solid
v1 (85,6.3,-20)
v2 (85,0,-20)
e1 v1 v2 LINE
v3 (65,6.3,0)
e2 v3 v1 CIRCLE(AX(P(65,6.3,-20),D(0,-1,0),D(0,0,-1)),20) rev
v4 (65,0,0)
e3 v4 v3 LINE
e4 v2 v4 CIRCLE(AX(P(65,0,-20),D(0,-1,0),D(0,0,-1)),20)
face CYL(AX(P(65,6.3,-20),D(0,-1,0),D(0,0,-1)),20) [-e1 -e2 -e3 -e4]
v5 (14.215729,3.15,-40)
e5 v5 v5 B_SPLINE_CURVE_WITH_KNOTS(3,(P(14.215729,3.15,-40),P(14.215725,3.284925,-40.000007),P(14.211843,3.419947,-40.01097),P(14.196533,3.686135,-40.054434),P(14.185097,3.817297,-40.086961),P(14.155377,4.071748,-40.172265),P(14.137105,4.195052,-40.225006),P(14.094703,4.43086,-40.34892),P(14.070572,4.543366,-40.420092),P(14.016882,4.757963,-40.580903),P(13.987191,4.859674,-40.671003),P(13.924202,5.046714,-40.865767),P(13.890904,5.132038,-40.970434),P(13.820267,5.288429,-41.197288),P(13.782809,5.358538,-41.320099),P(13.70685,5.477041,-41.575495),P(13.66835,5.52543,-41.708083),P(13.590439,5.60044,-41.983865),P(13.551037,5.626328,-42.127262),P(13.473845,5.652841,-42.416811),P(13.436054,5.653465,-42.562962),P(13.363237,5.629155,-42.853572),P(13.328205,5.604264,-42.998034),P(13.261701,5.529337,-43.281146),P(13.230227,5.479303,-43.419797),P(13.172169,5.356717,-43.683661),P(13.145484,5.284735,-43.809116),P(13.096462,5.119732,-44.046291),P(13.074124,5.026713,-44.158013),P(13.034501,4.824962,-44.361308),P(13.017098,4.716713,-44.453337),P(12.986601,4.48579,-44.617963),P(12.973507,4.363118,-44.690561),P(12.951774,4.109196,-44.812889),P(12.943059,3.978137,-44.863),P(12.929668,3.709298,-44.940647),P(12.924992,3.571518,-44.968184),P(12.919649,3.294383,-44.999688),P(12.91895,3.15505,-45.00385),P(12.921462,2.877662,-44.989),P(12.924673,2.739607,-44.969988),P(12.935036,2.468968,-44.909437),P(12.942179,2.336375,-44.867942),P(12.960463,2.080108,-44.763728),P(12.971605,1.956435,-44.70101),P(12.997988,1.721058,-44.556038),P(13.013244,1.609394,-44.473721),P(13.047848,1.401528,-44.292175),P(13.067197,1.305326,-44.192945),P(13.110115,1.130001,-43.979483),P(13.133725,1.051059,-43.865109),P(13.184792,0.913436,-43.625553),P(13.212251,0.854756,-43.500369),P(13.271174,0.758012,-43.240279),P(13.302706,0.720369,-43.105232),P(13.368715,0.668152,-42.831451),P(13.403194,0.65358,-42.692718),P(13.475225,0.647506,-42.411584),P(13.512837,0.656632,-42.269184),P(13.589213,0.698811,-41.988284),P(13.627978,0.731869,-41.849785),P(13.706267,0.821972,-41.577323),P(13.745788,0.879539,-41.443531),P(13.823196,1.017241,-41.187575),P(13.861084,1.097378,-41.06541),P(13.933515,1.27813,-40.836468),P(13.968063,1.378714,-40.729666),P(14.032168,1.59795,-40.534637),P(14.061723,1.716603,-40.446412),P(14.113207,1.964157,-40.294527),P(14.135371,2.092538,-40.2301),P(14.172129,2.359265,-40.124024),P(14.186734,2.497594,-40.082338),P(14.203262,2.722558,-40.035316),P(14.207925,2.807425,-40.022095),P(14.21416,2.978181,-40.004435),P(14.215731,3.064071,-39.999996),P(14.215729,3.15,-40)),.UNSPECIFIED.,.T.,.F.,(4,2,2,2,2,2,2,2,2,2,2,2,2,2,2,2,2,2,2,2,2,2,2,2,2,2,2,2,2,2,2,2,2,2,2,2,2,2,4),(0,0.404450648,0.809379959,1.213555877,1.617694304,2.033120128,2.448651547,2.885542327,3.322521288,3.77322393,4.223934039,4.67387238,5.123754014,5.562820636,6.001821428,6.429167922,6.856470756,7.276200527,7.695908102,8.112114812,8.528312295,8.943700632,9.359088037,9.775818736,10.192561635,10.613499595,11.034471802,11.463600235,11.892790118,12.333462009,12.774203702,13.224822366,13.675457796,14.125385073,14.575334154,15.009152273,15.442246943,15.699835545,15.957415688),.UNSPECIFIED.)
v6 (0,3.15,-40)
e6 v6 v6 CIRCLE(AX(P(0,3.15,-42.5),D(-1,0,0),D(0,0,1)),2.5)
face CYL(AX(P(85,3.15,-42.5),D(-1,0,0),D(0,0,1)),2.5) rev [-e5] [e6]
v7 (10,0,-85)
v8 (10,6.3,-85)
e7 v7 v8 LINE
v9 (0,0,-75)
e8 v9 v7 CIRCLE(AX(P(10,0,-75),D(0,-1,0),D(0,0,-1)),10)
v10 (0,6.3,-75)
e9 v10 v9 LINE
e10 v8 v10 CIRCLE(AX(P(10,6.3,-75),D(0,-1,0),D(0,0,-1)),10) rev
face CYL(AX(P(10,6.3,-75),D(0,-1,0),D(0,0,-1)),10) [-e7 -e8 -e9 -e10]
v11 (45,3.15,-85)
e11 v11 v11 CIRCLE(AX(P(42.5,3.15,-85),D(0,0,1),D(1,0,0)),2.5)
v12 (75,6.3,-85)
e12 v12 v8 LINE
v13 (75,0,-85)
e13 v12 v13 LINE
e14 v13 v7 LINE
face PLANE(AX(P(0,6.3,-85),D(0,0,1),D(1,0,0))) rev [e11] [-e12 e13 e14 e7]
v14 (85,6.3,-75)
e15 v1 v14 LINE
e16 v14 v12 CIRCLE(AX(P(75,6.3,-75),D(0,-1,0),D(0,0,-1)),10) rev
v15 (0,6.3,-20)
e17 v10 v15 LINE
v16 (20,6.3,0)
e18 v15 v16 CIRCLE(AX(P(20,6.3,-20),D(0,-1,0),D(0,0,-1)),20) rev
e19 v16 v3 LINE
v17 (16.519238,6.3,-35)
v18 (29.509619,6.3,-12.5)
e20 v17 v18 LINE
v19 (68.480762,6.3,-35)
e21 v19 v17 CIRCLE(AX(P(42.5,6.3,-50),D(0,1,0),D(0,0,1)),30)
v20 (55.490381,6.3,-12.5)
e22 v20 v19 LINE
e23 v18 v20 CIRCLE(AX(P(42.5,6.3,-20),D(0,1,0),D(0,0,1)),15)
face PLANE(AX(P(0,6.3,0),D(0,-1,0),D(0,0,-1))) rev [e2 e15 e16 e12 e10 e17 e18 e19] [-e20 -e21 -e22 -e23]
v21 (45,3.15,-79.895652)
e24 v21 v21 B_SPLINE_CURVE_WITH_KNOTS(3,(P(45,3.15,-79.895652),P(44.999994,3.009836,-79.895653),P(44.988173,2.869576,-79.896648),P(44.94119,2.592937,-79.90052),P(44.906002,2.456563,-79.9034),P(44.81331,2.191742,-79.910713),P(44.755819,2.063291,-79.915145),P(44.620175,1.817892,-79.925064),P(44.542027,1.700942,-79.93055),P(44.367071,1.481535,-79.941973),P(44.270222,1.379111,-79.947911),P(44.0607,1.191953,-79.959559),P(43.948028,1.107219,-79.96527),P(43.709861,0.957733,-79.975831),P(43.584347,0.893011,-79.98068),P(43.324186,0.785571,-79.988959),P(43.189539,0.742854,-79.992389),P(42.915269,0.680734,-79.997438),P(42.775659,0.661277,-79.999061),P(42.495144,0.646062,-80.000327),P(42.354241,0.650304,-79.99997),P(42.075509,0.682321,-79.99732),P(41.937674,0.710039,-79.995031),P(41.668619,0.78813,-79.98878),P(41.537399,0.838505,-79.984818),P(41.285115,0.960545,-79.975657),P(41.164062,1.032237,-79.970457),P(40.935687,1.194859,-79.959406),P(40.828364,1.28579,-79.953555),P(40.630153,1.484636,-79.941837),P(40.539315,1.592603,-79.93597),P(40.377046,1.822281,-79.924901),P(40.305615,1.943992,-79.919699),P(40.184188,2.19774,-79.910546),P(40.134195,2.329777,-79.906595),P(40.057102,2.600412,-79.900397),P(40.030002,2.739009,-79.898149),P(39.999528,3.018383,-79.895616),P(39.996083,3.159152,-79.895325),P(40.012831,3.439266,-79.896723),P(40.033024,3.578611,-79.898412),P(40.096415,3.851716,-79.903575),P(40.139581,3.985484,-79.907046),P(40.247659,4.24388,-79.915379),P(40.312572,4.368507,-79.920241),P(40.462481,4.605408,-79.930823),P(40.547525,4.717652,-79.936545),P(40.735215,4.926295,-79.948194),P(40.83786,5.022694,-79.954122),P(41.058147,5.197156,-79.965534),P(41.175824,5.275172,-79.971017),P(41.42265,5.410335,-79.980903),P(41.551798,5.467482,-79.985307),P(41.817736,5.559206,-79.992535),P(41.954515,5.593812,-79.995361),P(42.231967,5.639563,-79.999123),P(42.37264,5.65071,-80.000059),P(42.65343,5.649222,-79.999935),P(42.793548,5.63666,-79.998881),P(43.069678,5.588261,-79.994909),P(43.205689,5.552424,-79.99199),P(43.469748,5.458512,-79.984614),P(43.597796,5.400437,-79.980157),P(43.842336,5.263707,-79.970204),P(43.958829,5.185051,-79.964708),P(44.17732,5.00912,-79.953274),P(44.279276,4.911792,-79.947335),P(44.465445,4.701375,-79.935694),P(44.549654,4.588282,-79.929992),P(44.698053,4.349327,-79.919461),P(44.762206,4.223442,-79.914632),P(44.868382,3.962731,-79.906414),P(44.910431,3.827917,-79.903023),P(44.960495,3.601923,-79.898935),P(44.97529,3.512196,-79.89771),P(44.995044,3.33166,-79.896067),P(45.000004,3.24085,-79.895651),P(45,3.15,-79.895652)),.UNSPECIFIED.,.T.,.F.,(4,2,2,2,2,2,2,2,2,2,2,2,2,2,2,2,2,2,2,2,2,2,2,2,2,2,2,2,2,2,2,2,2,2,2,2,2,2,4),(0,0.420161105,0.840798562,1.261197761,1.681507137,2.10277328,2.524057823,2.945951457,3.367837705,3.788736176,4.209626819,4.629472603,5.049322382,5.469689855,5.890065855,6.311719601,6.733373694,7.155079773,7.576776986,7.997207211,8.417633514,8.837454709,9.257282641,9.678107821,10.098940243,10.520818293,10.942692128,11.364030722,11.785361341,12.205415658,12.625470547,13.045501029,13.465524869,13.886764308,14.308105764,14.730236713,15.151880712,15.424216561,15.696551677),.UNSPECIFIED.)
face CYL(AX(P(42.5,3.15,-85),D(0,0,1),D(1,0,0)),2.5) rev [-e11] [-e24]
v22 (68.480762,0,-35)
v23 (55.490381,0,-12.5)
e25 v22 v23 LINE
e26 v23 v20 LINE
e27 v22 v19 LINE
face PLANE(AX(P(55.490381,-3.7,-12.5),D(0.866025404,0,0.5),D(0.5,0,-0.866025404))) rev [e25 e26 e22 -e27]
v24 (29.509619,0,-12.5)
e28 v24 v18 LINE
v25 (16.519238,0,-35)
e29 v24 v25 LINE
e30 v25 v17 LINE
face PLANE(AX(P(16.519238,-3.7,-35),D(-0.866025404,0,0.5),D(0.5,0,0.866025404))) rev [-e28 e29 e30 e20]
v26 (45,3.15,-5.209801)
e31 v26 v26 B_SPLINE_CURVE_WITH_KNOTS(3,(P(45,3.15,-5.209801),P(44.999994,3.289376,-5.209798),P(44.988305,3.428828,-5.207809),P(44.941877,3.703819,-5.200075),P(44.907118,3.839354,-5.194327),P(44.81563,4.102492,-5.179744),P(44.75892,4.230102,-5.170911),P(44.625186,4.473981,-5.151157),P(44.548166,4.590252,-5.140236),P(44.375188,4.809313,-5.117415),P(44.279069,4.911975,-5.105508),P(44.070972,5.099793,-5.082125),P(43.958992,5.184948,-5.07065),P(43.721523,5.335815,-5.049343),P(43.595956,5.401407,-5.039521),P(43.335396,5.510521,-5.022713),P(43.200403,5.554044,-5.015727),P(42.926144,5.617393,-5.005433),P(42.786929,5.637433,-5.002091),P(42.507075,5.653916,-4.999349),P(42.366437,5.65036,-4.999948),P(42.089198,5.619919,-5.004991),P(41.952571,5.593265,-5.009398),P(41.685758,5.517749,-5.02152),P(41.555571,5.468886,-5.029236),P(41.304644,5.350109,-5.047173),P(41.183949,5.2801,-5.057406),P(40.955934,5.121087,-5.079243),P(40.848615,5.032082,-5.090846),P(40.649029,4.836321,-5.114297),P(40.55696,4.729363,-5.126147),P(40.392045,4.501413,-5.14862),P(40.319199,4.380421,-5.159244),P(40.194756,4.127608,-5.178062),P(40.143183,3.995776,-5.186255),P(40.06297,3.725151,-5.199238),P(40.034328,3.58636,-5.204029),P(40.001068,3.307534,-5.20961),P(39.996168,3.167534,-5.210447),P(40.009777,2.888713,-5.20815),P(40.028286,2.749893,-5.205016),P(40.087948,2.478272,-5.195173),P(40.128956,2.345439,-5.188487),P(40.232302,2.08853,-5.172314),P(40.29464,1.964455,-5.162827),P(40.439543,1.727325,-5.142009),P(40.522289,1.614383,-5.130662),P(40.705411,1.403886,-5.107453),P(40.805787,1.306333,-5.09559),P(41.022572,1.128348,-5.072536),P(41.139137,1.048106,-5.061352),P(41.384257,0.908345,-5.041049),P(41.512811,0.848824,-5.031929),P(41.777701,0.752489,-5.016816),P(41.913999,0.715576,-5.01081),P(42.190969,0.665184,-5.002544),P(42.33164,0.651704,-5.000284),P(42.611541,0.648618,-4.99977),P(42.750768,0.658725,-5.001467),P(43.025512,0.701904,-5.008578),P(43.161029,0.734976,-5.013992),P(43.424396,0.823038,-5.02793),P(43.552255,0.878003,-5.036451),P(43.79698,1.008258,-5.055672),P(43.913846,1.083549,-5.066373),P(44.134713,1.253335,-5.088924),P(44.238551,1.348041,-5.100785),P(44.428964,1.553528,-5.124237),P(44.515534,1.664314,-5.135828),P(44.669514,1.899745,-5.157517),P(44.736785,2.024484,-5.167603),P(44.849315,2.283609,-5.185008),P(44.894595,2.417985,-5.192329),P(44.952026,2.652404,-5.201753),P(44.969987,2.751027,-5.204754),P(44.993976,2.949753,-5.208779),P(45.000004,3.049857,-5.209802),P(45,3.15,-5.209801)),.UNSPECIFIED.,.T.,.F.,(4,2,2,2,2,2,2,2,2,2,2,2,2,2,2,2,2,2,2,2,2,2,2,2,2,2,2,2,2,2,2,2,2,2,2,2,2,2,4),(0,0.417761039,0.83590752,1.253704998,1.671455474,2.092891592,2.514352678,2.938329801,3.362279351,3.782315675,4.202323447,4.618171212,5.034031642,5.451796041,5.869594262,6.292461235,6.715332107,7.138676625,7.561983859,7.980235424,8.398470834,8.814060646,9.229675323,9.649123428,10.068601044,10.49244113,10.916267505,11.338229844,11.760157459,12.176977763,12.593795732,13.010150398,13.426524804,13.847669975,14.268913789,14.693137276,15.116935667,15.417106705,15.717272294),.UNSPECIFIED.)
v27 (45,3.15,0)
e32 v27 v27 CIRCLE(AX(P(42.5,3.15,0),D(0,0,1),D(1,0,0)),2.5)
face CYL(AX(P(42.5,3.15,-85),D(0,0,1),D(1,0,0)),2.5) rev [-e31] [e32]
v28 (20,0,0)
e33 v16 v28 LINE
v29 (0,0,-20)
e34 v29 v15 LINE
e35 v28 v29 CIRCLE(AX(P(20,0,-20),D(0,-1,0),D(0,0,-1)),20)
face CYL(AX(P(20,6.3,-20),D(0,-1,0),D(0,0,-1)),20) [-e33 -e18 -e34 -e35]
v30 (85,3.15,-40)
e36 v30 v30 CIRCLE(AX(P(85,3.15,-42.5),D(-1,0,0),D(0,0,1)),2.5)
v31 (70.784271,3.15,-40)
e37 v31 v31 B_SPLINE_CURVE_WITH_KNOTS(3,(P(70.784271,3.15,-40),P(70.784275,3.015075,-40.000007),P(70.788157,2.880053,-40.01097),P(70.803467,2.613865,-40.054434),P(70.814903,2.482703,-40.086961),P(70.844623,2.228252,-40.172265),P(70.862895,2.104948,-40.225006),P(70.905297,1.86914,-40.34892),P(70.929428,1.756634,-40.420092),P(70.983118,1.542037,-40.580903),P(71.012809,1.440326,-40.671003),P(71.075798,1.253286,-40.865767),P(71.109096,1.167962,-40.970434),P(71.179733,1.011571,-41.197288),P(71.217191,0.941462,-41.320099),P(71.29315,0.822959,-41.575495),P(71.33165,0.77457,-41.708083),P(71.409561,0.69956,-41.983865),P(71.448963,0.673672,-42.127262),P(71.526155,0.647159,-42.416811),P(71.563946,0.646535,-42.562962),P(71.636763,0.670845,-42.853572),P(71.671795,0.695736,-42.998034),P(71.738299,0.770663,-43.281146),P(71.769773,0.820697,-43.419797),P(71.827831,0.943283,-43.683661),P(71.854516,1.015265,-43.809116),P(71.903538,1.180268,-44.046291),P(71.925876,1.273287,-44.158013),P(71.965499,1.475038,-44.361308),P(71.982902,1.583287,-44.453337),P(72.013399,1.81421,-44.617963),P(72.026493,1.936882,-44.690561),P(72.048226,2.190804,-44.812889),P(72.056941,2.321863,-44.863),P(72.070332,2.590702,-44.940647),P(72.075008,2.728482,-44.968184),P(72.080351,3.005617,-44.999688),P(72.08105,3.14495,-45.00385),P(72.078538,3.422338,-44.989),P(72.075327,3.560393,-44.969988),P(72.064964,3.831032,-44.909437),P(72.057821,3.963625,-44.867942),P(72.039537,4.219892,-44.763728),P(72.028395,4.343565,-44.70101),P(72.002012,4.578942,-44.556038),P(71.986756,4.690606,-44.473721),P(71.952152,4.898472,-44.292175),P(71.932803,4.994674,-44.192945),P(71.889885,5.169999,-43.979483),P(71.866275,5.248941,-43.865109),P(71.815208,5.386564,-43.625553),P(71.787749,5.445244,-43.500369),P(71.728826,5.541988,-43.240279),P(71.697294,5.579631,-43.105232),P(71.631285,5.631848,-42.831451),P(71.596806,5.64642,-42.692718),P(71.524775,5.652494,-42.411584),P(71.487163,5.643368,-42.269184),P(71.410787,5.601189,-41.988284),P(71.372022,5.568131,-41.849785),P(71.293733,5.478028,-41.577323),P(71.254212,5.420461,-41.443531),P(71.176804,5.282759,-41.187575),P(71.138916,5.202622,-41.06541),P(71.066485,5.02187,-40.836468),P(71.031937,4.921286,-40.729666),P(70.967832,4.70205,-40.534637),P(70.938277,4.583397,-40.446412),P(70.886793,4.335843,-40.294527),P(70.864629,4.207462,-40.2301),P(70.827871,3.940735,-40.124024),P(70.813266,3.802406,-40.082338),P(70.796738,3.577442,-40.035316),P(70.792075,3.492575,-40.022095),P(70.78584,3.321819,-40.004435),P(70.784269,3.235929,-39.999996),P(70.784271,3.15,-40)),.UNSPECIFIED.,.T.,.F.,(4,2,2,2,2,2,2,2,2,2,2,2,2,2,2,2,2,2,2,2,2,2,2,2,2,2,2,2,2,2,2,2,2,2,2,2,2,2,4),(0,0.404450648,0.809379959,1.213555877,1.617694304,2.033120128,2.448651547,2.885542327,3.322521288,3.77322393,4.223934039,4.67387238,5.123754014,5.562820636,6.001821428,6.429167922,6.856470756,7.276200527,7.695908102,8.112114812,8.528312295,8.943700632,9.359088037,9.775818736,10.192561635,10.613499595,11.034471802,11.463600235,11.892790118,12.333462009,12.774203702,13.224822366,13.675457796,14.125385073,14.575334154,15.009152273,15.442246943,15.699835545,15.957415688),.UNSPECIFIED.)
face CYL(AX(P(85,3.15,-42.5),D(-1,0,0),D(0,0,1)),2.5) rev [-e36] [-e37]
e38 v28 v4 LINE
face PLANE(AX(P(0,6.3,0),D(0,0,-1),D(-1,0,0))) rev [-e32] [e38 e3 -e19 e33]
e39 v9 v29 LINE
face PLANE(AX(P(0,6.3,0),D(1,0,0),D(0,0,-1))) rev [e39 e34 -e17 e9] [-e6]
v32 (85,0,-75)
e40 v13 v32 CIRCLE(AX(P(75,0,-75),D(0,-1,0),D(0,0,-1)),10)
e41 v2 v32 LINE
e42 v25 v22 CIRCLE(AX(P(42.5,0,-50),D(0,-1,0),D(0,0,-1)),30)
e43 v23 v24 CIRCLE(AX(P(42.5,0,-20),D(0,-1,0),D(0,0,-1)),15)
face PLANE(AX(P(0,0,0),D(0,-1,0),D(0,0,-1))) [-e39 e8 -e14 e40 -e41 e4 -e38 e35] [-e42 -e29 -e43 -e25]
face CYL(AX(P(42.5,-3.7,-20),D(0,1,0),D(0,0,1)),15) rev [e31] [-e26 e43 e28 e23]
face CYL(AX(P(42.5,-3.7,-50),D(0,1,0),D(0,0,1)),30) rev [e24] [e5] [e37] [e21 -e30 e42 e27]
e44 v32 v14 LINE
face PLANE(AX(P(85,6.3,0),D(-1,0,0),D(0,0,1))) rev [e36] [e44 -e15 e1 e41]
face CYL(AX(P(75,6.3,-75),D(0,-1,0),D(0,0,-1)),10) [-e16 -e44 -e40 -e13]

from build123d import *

# Parameters (mm, degrees)
SKETCH1_W           = 85
SKETCH1_H           = 85
BOSS_EXTRUDE1_DEPTH = 6.3
CUT_EXTRUDE1_DEPTH  = 10
SKETCH3_R           = 2.5
CUT_EXTRUDE2_DEPTH  = 86
SKETCH4_R           = 2.5
CUT_EXTRUDE3_DEPTH  = 86
FILLET1_R           = 20
FILLET2_R           = 10


with BuildPart() as part:
    # Sketch1 → Boss-Extrude1 (new body)
    with BuildSketch(Plane(origin=(0, 0, 0), x_dir=(1, 0, 0), z_dir=(0, 1, 0))):
        with Locations((42.5, 42.5)):
            Rectangle(SKETCH1_W, SKETCH1_H)
    extrude(amount=BOSS_EXTRUDE1_DEPTH)

    # Sketch2 → Cut-Extrude1 (cut)
    with BuildSketch(Plane(origin=(0, 6.3, 0), x_dir=(1, 0, 0), z_dir=(0, 1, 0))):
        with BuildLine():
            Line((16.519237886, 35), (29.509618943, 12.5))
            ThreePointArc((29.509618943, 12.5), (42.5, 5), (55.490381057, 12.5))
            Line((55.490381057, 12.5), (68.480762114, 35))
            ThreePointArc((68.480762114, 35), (42.5, 80), (16.519237886, 35))
        make_face()
    extrude(amount=-CUT_EXTRUDE1_DEPTH, mode=Mode.SUBTRACT)

    # Sketch3 → Cut-Extrude2 (cut, through all)
    with BuildSketch(Plane.XY):
        with Locations((42.5, 3.15)):
            Circle(SKETCH3_R)
    extrude(amount=-CUT_EXTRUDE2_DEPTH, mode=Mode.SUBTRACT)

    # Sketch4 → Cut-Extrude3 (cut, through all)
    with BuildSketch(Plane.ZY):
        with Locations((-42.5, 3.15)):
            Circle(SKETCH4_R)
    extrude(amount=-CUT_EXTRUDE3_DEPTH, mode=Mode.SUBTRACT)

    # Fillet1
    fillet1_edges = [part.edges().sort_by_distance(p)[0] for p in [
        (85, 3.15, 0),
        (0, 3.15, 0),
    ]]
    fillet(fillet1_edges, radius=FILLET1_R)

    # Fillet2
    fillet2_edges = [part.edges().sort_by_distance(p)[0] for p in [
        (0, 3.15, -85),
        (85, 3.15, -85),
    ]]
    fillet(fillet2_edges, radius=FILLET2_R)


solid = part.part
